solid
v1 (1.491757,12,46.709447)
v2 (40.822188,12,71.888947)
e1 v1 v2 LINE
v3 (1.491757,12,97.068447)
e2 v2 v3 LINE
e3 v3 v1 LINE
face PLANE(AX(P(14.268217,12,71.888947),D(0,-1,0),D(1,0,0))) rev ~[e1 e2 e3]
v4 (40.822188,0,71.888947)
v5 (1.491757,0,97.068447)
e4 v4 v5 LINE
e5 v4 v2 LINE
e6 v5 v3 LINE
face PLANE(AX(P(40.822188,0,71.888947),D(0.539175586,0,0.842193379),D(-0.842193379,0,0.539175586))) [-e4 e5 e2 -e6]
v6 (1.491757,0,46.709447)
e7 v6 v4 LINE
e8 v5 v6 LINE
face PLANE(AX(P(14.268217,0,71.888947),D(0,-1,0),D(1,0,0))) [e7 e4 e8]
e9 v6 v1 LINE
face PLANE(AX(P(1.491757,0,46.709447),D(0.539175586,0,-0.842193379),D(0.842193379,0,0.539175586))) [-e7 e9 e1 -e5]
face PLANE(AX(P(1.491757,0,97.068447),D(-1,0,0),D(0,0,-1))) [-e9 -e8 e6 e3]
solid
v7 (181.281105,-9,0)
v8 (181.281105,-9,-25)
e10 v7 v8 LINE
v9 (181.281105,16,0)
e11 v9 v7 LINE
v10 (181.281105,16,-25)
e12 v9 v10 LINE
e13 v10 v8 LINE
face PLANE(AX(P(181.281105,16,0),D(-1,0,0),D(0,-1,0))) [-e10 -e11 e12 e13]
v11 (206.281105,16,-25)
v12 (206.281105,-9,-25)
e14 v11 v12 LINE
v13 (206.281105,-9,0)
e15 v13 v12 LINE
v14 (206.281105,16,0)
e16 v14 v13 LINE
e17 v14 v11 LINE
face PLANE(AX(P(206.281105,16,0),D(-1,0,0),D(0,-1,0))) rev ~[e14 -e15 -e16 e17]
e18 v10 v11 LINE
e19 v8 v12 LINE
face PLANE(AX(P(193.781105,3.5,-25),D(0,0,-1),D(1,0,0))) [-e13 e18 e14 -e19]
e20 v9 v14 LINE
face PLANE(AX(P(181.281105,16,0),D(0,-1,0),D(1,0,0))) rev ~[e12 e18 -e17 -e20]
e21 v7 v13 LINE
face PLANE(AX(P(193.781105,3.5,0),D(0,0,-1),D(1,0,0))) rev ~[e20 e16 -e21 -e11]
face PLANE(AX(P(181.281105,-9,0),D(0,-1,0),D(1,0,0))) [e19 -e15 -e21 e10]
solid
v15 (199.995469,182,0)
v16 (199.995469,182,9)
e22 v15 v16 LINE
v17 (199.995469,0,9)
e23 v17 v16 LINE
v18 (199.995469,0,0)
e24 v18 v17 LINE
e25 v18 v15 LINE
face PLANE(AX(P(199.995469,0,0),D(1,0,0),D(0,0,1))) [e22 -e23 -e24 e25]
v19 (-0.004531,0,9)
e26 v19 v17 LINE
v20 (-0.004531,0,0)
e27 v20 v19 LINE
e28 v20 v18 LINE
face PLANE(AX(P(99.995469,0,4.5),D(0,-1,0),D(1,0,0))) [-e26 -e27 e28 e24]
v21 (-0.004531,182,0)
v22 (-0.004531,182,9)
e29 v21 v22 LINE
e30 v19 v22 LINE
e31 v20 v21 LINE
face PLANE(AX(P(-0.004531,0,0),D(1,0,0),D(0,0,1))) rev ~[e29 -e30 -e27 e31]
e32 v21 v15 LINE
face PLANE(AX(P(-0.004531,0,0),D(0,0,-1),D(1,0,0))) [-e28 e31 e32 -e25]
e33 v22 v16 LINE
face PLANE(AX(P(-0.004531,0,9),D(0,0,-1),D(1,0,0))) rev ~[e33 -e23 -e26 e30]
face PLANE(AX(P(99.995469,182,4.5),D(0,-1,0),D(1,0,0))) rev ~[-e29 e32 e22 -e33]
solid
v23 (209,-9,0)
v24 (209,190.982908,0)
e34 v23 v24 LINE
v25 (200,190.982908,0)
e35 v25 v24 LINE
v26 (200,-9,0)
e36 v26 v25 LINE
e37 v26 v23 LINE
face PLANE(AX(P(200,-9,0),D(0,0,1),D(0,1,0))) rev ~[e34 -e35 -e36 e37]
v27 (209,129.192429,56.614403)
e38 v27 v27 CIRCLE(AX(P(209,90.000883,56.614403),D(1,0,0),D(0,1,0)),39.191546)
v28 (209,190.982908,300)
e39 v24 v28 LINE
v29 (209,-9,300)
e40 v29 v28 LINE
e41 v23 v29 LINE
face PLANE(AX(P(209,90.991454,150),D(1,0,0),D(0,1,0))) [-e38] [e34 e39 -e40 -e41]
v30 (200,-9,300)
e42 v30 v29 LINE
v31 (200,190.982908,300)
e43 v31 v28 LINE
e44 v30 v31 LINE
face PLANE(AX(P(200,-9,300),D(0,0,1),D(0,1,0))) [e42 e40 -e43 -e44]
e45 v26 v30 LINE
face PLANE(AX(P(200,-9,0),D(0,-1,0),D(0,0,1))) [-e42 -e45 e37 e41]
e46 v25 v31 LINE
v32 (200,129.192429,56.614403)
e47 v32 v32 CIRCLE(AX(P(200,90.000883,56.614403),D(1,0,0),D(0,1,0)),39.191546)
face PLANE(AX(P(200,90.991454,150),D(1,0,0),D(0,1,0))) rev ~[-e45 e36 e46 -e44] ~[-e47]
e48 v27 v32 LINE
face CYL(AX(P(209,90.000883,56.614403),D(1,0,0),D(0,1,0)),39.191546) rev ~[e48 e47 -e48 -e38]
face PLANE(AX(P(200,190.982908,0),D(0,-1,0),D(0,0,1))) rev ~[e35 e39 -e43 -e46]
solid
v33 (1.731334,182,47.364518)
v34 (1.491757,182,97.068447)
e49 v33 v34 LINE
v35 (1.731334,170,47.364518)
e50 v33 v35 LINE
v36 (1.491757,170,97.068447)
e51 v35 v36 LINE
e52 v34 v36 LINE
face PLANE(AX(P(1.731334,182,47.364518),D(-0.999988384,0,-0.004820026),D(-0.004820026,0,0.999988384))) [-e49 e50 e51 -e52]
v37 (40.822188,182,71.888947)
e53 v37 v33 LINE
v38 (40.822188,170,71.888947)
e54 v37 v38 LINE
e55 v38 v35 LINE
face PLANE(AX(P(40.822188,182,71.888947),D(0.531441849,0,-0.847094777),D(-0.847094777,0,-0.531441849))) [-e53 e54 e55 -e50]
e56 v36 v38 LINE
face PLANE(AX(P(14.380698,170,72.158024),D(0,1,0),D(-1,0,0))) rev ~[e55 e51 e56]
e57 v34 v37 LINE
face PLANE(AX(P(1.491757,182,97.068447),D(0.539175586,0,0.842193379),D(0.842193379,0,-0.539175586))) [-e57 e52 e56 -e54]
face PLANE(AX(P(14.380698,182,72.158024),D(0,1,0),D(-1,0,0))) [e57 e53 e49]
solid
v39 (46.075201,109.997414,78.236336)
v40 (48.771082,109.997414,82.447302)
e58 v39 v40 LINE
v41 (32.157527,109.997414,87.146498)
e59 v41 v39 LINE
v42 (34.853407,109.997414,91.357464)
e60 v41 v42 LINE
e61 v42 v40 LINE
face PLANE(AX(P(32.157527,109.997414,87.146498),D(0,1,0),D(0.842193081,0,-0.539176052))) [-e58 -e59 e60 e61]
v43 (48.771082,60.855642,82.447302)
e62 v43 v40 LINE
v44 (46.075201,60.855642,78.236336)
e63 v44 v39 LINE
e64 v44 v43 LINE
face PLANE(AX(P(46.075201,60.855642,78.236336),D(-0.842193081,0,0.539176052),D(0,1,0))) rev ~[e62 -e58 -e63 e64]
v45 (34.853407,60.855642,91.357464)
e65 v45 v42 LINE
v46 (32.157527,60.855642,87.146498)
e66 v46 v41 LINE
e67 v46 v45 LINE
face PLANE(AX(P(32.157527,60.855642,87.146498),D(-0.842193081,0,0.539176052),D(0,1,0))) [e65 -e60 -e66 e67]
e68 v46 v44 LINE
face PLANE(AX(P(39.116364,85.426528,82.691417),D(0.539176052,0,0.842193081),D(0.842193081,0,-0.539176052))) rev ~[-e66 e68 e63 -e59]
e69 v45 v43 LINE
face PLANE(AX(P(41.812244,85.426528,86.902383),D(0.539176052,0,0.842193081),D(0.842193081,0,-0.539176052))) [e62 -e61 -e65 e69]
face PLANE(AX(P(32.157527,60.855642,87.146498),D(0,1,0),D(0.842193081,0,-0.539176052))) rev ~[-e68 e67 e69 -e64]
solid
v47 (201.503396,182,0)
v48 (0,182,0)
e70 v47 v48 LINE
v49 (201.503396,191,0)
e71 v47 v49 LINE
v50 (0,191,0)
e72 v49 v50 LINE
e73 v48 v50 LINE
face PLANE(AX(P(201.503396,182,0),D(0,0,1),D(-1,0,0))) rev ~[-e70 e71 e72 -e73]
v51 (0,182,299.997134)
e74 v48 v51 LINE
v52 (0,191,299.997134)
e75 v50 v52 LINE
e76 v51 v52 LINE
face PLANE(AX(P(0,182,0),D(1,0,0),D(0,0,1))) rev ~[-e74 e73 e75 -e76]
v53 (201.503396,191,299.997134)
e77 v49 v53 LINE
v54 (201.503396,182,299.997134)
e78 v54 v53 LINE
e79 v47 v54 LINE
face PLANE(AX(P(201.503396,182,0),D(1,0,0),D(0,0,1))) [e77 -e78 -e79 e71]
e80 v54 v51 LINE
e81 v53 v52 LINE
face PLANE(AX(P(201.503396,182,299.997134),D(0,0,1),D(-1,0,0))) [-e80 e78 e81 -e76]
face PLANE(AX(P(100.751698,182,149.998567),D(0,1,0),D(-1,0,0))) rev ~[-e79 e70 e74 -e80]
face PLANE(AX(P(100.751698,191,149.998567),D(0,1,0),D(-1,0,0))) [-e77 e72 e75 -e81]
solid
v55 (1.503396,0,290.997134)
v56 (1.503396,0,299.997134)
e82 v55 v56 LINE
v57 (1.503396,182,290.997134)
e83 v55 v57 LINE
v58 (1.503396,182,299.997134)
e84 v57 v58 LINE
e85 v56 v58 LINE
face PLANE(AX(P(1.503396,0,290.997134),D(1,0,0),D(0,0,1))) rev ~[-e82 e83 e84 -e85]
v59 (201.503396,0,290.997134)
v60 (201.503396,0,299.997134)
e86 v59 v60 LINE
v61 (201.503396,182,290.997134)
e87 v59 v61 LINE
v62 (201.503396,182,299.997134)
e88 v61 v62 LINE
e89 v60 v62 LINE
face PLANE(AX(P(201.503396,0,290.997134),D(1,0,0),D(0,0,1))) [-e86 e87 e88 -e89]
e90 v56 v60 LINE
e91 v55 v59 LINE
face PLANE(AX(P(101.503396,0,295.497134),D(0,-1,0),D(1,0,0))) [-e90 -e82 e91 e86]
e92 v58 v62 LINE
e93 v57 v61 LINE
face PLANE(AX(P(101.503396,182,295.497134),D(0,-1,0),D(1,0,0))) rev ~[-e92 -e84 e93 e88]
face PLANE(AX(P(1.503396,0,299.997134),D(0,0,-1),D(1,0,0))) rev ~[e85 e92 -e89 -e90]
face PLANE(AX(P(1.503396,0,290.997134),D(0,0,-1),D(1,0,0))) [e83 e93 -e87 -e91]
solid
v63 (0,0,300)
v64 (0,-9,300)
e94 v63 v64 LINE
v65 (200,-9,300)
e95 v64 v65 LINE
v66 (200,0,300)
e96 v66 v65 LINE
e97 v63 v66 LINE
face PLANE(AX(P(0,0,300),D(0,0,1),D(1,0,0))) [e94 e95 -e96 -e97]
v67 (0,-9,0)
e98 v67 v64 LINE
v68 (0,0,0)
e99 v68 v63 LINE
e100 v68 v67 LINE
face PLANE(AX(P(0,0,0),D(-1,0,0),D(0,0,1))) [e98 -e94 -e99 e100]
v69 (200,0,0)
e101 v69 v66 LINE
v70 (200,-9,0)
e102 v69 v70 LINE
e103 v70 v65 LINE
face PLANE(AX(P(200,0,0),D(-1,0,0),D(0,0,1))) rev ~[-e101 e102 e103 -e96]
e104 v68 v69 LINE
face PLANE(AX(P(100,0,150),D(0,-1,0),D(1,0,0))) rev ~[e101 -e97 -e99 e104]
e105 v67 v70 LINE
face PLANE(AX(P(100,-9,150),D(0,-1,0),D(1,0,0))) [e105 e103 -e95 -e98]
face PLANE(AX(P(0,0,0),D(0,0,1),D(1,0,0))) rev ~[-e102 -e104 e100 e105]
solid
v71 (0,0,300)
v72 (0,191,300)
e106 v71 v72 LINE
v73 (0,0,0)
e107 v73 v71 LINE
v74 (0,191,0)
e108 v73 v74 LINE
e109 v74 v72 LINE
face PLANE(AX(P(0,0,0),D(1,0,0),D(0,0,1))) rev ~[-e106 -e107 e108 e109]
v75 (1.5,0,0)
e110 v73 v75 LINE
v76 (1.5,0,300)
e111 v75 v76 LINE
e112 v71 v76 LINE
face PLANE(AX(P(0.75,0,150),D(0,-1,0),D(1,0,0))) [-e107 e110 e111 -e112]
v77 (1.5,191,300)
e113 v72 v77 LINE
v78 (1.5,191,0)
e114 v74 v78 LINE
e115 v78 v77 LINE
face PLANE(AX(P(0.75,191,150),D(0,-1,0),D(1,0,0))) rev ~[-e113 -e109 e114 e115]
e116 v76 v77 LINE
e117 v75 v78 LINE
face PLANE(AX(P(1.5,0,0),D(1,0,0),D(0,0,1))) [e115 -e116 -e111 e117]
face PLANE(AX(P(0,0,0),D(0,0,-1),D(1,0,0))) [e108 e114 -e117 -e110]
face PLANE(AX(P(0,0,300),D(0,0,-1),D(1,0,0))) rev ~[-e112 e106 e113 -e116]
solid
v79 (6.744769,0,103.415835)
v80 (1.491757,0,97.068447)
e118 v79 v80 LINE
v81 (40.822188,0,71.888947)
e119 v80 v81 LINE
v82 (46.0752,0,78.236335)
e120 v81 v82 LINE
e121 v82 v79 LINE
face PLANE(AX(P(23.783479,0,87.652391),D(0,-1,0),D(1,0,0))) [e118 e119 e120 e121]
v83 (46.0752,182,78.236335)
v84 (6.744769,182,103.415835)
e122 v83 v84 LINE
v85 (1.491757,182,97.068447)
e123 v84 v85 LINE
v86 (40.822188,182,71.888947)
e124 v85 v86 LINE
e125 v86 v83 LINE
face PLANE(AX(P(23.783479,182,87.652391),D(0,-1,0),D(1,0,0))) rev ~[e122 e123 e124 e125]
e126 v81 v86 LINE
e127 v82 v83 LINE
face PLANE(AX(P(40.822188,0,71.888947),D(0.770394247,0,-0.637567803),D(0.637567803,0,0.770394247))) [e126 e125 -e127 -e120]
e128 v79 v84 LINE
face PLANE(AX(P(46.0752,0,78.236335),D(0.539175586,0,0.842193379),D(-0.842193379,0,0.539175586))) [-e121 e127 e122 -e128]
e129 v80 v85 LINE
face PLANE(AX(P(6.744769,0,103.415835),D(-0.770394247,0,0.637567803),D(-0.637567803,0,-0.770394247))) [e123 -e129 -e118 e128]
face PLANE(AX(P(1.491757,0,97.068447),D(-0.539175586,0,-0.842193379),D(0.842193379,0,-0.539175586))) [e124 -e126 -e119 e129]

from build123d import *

# Parameters (mm, degrees)
F0_W      = 200
F0_H      = 300
F1_DEPTH  = 9
F2_W      = 1.5
F2_H      = 300
F3_DEPTH  = 191
F5_DEPTH  = 12
F7_DEPTH  = 182
F9_DEPTH  = 12
F10_W     = 16.525515
F10_H     = 49.141772
F11_DEPTH = 5
F12_W     = 200
F12_H     = 9
F13_DEPTH = 182
F14_W     = 200
F14_H     = 9
F15_DEPTH = 182
F16_W     = 201.503396
F16_H     = 299.997134
F17_DEPTH = 9
F18_W     = 199.982908
F18_H     = 300
F19_DEPTH = 9
F20_R     = 39.191546
F21_DEPTH = 30
F22_W     = 25
F22_H     = 25
F23_DEPTH = 25


with BuildPart() as f1:
    # F0 (on Front) → F1 (new body)
    with BuildSketch(Plane.XZ):
        with Locations((100, 150)):
            Rectangle(F0_W, F0_H)
    extrude(amount=F1_DEPTH)


with BuildPart() as f3:
    # F2 (on Front) → F3 (new body)
    with BuildSketch(Plane.XZ):
        with Locations((0.75, 150)):
            Rectangle(F2_W, F2_H)
    extrude(amount=-F3_DEPTH)


with BuildPart() as f5:
    # F4 (on face) → F5 (new body)
    with BuildSketch(Plane.XZ):
        Polygon((40.822188, 71.888947), (1.491757, 97.068447), (1.491757, 46.709447), align=None)
    extrude(amount=-F5_DEPTH)


with BuildPart() as f7:
    # F6 (on face) → F7 (new body)
    with BuildSketch(Plane.XZ):
        Polygon((6.744769, 103.415835), (1.491757, 97.068447), (40.822188, 71.888947), (46.0752, 78.236335), align=None)
    extrude(amount=-F7_DEPTH)


with BuildPart() as f9:
    # F8 (on face) → F9 (new body)
    with BuildSketch(Plane(origin=(0, 182, 0), x_dir=(-1, 0, 0), z_dir=(0, 1, 0))):
        Polygon((-1.491757, 97.068447), (-40.822188, 71.888947), (-1.731334, 47.364518), align=None)
    extrude(amount=-F9_DEPTH)


with BuildPart() as f11:
    # F10 (on face) → F11 (new body)
    with BuildSketch(Plane(origin=(48.920882, 0, 76.414518), x_dir=(0.842193, 0, -0.539176), z_dir=(0.539176, 0, 0.842193))):
        with Locations((-11.641651, 85.426528)):
            Rectangle(F10_W, F10_H)
    extrude(amount=F11_DEPTH)


with BuildPart() as f13:
    # F12 (on face) → F13 (new body)
    with BuildSketch(Plane.XZ):
        with Locations((101.503396, 295.497134)):
            Rectangle(F12_W, F12_H)
    extrude(amount=-F13_DEPTH)


with BuildPart() as f15:
    # F14 (on face) → F15 (new body)
    with BuildSketch(Plane.XZ):
        with Locations((99.995469, 4.5)):
            Rectangle(F14_W, F14_H)
    extrude(amount=-F15_DEPTH)


with BuildPart() as f17:
    # F16 (on face) → F17 (new body)
    with BuildSketch(Plane(origin=(0, 182, 0), x_dir=(-1, 0, 0), z_dir=(0, 1, 0))):
        with Locations((-100.751698, 149.998567)):
            Rectangle(F16_W, F16_H)
    extrude(amount=F17_DEPTH)


with BuildPart() as f19:
    # F18 (on face) → F19 (new body)
    with BuildSketch(Plane.YZ.offset(200)):
        with Locations((90.991454, 150)):
            Rectangle(F18_W, F18_H)
    extrude(amount=F19_DEPTH)

    # F20 (on face) → F21 (cut)
    with BuildSketch(Plane.YZ.offset(209)):
        with Locations((90.000883, 56.614403)):
            Circle(F20_R)
    extrude(amount=-F21_DEPTH, mode=Mode.SUBTRACT)


with BuildPart() as f23:
    # F22 (on face) → F23 (new body)
    with BuildSketch(Plane(origin=(0, 0, 0), x_dir=(1, 0, 0), z_dir=(0, 0, -1))):
        with Locations((193.781105, -3.5)):
            Rectangle(F22_W, F22_H)
    extrude(amount=F23_DEPTH)


solid = Compound([f1.part, f3.part, f5.part, f7.part, f9.part, f11.part, f13.part, f15.part, f17.part, f19.part, f23.part])
